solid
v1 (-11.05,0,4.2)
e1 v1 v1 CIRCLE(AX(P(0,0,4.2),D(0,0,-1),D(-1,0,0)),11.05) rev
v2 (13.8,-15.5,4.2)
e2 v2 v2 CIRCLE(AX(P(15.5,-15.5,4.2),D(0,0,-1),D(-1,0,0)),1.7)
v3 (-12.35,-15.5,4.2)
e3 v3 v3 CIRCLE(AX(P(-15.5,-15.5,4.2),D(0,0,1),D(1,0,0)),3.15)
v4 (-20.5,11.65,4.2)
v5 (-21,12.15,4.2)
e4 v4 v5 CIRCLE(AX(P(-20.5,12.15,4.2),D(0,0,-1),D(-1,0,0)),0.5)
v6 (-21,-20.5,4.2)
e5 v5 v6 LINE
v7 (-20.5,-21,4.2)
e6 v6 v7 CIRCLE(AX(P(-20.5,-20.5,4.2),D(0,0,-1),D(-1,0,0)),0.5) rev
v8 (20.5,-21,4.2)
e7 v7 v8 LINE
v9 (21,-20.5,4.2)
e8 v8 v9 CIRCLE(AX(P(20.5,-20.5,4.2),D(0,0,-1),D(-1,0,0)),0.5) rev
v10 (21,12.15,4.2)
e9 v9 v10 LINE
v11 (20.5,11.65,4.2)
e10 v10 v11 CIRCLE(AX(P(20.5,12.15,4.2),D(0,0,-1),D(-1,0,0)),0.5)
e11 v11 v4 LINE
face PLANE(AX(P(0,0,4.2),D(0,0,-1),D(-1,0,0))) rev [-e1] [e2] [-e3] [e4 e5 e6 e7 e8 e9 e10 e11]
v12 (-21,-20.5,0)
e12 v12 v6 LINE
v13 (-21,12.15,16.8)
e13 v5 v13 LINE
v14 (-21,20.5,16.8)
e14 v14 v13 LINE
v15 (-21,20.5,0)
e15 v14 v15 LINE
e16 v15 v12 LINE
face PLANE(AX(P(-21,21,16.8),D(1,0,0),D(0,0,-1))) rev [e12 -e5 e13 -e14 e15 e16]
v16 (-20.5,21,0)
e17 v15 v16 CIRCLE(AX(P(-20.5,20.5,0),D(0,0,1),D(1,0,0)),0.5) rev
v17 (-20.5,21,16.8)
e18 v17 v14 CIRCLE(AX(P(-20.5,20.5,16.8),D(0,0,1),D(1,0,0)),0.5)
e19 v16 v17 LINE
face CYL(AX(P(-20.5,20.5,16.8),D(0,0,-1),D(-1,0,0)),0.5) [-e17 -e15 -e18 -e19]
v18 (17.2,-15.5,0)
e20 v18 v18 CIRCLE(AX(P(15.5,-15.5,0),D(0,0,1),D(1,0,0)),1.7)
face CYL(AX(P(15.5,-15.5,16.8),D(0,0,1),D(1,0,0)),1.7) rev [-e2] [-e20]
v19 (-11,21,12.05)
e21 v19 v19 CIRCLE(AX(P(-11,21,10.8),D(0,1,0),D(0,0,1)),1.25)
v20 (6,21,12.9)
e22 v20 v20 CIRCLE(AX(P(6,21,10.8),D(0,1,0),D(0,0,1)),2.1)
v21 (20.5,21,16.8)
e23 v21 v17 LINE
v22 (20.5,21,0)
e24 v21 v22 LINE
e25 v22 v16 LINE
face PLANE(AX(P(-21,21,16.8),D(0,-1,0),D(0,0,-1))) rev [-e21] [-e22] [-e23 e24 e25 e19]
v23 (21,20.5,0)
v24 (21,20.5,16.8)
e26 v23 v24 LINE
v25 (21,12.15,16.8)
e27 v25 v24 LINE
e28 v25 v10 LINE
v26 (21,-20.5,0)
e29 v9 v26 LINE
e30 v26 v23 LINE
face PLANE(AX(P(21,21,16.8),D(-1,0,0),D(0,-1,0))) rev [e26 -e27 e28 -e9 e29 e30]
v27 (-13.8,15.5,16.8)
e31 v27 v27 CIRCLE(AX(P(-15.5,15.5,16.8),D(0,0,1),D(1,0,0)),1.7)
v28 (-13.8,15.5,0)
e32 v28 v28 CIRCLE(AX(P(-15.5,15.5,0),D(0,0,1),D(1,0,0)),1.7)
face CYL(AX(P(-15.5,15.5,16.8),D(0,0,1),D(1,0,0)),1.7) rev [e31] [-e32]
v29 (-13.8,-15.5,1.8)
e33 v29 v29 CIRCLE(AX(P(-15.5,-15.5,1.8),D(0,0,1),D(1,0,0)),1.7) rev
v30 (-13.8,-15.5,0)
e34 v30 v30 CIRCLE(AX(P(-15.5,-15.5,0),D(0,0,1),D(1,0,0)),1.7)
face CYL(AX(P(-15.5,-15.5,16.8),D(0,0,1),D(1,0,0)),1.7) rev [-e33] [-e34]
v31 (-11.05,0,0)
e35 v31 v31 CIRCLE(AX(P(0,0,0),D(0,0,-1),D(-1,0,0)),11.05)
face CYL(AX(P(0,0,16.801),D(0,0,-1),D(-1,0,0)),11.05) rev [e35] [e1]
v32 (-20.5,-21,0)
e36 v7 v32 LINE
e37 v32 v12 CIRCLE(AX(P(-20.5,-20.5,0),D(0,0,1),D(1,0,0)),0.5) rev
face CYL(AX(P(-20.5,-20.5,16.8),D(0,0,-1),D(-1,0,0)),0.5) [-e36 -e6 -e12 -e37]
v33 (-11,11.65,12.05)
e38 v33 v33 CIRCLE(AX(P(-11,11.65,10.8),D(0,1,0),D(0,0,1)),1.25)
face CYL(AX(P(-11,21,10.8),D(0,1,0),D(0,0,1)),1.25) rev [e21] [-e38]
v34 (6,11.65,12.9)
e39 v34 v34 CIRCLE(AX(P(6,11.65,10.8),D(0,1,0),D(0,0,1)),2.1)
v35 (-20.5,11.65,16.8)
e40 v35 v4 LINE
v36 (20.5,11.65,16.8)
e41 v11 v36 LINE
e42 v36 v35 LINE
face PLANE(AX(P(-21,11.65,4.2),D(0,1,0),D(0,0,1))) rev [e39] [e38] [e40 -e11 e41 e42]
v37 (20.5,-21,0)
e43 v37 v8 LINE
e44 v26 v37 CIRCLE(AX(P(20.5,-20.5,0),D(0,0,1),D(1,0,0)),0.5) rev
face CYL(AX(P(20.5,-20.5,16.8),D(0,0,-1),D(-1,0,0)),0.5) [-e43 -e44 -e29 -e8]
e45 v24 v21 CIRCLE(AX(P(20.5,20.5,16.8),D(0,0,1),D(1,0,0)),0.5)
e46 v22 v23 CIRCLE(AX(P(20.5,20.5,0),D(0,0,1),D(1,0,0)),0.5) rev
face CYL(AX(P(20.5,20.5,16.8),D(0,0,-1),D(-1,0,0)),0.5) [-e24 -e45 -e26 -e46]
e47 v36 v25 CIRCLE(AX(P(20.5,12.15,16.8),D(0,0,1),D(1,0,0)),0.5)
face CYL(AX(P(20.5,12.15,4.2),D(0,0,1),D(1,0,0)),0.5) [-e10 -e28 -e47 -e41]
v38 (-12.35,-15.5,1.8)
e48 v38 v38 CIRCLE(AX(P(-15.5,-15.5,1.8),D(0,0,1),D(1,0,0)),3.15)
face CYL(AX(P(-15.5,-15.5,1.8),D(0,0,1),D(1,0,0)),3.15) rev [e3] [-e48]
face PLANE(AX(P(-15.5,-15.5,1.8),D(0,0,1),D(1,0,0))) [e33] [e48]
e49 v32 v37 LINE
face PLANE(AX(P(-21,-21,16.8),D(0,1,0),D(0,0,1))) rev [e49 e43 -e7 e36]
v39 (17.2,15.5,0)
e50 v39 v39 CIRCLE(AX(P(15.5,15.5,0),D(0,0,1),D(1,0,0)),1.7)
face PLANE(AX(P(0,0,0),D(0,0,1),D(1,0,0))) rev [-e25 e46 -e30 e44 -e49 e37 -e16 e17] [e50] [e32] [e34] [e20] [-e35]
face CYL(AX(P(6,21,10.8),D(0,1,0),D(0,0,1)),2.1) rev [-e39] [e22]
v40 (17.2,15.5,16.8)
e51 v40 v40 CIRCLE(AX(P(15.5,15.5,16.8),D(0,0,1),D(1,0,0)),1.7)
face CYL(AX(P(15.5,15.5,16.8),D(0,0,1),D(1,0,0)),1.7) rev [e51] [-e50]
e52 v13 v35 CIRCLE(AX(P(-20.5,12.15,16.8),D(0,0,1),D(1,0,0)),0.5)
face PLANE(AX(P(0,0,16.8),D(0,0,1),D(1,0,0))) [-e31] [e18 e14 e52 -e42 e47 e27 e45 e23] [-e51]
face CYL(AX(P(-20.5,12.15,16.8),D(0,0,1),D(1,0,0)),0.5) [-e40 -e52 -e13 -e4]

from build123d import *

# Parameters (mm, degrees)
SKETCH1_W            = 42
SKETCH1_H            = 42
BOSS_EXTRUDE1_DEPTH  = 16.8
SKETCH2_W            = 42
SKETCH2_H            = 32.65
CUT_EXTRUDE1_DEPTH   = 12.6
CUT_EXTRUDE2_REACH   = 36.121
SKETCH3_R            = 11.05
M3_CLEARANCE_HOLE1_D = 3.4
SKETCH6_R            = 3.15
CUT_EXTRUDE3_DEPTH   = 2.4
M5_TAPPED_HOLE1_D    = 4.2
M3_TAPPED_HOLE1_D    = 2.5
FILLET1_R            = 0.5


with BuildPart() as part:
    # Sketch1 → Boss-Extrude1 (new body)
    with BuildSketch(Plane.XY):
        Rectangle(SKETCH1_W, SKETCH1_H)
    extrude(amount=BOSS_EXTRUDE1_DEPTH)

    # Sketch2 → Cut-Extrude1 (cut)
    with BuildSketch(Plane.XY.offset(16.8)):
        with Locations((0, -4.675)):
            Rectangle(SKETCH2_W, SKETCH2_H)
    extrude(amount=-CUT_EXTRUDE1_DEPTH, mode=Mode.SUBTRACT)

    # Sketch3 → Cut-Extrude2 (cut, up to next)
    with BuildSketch(Plane(origin=(0, 0, 0), x_dir=(-1, 0, 0), z_dir=(0, 0, -1)), mode=Mode.PRIVATE) as cut_extrude2_sk1:
        Circle(SKETCH3_R)
    cut_extrude2_tool1 = extrude(cut_extrude2_sk1.sketch, amount=-CUT_EXTRUDE2_REACH, mode=Mode.PRIVATE) & part.part
    add(cut_extrude2_tool1.solids().sort_by_distance((0, 0, 0))[0], mode=Mode.SUBTRACT)

    # M3 Clearance Hole1 (through all)
    with Locations(Plane.XY.offset(16.8)):
        with Locations((15.5, 15.5), (-15.5, 15.5), (-15.5, -15.5), (15.5, -15.5)):
            Hole(M3_CLEARANCE_HOLE1_D / 2)

    # Sketch6 → Cut-Extrude3 (cut)
    with BuildSketch(Plane.XY.offset(4.2)):
        with Locations((-15.5, -15.5)):
            Circle(SKETCH6_R)
    extrude(amount=-CUT_EXTRUDE3_DEPTH, mode=Mode.SUBTRACT)

    # M5 Tapped Hole1 (through all)
    with Locations(Plane(origin=(0, 21, 0), x_dir=(1, 0, 0), z_dir=(0, 1, 0))):
        with Locations((6, -10.8)):
            Hole(M5_TAPPED_HOLE1_D / 2)

    # M3 Tapped Hole1 (through all)
    with Locations(Plane(origin=(0, 21, 0), x_dir=(1, 0, 0), z_dir=(0, 1, 0))):
        with Locations((-11, -10.8)):
            Hole(M3_TAPPED_HOLE1_D / 2)

    # Fillet1
    fillet1_edges = [part.edges().sort_by_distance(p)[0] for p in [
        (21, -21, 2.1),
        (-21, -21, 2.1),
        (-21, 11.65, 10.5),
        (21, 11.65, 10.5),
        (-21, 21, 8.4),
        (21, 21, 8.4),
    ]]
    fillet(fillet1_edges, radius=FILLET1_R)


solid = part.part
